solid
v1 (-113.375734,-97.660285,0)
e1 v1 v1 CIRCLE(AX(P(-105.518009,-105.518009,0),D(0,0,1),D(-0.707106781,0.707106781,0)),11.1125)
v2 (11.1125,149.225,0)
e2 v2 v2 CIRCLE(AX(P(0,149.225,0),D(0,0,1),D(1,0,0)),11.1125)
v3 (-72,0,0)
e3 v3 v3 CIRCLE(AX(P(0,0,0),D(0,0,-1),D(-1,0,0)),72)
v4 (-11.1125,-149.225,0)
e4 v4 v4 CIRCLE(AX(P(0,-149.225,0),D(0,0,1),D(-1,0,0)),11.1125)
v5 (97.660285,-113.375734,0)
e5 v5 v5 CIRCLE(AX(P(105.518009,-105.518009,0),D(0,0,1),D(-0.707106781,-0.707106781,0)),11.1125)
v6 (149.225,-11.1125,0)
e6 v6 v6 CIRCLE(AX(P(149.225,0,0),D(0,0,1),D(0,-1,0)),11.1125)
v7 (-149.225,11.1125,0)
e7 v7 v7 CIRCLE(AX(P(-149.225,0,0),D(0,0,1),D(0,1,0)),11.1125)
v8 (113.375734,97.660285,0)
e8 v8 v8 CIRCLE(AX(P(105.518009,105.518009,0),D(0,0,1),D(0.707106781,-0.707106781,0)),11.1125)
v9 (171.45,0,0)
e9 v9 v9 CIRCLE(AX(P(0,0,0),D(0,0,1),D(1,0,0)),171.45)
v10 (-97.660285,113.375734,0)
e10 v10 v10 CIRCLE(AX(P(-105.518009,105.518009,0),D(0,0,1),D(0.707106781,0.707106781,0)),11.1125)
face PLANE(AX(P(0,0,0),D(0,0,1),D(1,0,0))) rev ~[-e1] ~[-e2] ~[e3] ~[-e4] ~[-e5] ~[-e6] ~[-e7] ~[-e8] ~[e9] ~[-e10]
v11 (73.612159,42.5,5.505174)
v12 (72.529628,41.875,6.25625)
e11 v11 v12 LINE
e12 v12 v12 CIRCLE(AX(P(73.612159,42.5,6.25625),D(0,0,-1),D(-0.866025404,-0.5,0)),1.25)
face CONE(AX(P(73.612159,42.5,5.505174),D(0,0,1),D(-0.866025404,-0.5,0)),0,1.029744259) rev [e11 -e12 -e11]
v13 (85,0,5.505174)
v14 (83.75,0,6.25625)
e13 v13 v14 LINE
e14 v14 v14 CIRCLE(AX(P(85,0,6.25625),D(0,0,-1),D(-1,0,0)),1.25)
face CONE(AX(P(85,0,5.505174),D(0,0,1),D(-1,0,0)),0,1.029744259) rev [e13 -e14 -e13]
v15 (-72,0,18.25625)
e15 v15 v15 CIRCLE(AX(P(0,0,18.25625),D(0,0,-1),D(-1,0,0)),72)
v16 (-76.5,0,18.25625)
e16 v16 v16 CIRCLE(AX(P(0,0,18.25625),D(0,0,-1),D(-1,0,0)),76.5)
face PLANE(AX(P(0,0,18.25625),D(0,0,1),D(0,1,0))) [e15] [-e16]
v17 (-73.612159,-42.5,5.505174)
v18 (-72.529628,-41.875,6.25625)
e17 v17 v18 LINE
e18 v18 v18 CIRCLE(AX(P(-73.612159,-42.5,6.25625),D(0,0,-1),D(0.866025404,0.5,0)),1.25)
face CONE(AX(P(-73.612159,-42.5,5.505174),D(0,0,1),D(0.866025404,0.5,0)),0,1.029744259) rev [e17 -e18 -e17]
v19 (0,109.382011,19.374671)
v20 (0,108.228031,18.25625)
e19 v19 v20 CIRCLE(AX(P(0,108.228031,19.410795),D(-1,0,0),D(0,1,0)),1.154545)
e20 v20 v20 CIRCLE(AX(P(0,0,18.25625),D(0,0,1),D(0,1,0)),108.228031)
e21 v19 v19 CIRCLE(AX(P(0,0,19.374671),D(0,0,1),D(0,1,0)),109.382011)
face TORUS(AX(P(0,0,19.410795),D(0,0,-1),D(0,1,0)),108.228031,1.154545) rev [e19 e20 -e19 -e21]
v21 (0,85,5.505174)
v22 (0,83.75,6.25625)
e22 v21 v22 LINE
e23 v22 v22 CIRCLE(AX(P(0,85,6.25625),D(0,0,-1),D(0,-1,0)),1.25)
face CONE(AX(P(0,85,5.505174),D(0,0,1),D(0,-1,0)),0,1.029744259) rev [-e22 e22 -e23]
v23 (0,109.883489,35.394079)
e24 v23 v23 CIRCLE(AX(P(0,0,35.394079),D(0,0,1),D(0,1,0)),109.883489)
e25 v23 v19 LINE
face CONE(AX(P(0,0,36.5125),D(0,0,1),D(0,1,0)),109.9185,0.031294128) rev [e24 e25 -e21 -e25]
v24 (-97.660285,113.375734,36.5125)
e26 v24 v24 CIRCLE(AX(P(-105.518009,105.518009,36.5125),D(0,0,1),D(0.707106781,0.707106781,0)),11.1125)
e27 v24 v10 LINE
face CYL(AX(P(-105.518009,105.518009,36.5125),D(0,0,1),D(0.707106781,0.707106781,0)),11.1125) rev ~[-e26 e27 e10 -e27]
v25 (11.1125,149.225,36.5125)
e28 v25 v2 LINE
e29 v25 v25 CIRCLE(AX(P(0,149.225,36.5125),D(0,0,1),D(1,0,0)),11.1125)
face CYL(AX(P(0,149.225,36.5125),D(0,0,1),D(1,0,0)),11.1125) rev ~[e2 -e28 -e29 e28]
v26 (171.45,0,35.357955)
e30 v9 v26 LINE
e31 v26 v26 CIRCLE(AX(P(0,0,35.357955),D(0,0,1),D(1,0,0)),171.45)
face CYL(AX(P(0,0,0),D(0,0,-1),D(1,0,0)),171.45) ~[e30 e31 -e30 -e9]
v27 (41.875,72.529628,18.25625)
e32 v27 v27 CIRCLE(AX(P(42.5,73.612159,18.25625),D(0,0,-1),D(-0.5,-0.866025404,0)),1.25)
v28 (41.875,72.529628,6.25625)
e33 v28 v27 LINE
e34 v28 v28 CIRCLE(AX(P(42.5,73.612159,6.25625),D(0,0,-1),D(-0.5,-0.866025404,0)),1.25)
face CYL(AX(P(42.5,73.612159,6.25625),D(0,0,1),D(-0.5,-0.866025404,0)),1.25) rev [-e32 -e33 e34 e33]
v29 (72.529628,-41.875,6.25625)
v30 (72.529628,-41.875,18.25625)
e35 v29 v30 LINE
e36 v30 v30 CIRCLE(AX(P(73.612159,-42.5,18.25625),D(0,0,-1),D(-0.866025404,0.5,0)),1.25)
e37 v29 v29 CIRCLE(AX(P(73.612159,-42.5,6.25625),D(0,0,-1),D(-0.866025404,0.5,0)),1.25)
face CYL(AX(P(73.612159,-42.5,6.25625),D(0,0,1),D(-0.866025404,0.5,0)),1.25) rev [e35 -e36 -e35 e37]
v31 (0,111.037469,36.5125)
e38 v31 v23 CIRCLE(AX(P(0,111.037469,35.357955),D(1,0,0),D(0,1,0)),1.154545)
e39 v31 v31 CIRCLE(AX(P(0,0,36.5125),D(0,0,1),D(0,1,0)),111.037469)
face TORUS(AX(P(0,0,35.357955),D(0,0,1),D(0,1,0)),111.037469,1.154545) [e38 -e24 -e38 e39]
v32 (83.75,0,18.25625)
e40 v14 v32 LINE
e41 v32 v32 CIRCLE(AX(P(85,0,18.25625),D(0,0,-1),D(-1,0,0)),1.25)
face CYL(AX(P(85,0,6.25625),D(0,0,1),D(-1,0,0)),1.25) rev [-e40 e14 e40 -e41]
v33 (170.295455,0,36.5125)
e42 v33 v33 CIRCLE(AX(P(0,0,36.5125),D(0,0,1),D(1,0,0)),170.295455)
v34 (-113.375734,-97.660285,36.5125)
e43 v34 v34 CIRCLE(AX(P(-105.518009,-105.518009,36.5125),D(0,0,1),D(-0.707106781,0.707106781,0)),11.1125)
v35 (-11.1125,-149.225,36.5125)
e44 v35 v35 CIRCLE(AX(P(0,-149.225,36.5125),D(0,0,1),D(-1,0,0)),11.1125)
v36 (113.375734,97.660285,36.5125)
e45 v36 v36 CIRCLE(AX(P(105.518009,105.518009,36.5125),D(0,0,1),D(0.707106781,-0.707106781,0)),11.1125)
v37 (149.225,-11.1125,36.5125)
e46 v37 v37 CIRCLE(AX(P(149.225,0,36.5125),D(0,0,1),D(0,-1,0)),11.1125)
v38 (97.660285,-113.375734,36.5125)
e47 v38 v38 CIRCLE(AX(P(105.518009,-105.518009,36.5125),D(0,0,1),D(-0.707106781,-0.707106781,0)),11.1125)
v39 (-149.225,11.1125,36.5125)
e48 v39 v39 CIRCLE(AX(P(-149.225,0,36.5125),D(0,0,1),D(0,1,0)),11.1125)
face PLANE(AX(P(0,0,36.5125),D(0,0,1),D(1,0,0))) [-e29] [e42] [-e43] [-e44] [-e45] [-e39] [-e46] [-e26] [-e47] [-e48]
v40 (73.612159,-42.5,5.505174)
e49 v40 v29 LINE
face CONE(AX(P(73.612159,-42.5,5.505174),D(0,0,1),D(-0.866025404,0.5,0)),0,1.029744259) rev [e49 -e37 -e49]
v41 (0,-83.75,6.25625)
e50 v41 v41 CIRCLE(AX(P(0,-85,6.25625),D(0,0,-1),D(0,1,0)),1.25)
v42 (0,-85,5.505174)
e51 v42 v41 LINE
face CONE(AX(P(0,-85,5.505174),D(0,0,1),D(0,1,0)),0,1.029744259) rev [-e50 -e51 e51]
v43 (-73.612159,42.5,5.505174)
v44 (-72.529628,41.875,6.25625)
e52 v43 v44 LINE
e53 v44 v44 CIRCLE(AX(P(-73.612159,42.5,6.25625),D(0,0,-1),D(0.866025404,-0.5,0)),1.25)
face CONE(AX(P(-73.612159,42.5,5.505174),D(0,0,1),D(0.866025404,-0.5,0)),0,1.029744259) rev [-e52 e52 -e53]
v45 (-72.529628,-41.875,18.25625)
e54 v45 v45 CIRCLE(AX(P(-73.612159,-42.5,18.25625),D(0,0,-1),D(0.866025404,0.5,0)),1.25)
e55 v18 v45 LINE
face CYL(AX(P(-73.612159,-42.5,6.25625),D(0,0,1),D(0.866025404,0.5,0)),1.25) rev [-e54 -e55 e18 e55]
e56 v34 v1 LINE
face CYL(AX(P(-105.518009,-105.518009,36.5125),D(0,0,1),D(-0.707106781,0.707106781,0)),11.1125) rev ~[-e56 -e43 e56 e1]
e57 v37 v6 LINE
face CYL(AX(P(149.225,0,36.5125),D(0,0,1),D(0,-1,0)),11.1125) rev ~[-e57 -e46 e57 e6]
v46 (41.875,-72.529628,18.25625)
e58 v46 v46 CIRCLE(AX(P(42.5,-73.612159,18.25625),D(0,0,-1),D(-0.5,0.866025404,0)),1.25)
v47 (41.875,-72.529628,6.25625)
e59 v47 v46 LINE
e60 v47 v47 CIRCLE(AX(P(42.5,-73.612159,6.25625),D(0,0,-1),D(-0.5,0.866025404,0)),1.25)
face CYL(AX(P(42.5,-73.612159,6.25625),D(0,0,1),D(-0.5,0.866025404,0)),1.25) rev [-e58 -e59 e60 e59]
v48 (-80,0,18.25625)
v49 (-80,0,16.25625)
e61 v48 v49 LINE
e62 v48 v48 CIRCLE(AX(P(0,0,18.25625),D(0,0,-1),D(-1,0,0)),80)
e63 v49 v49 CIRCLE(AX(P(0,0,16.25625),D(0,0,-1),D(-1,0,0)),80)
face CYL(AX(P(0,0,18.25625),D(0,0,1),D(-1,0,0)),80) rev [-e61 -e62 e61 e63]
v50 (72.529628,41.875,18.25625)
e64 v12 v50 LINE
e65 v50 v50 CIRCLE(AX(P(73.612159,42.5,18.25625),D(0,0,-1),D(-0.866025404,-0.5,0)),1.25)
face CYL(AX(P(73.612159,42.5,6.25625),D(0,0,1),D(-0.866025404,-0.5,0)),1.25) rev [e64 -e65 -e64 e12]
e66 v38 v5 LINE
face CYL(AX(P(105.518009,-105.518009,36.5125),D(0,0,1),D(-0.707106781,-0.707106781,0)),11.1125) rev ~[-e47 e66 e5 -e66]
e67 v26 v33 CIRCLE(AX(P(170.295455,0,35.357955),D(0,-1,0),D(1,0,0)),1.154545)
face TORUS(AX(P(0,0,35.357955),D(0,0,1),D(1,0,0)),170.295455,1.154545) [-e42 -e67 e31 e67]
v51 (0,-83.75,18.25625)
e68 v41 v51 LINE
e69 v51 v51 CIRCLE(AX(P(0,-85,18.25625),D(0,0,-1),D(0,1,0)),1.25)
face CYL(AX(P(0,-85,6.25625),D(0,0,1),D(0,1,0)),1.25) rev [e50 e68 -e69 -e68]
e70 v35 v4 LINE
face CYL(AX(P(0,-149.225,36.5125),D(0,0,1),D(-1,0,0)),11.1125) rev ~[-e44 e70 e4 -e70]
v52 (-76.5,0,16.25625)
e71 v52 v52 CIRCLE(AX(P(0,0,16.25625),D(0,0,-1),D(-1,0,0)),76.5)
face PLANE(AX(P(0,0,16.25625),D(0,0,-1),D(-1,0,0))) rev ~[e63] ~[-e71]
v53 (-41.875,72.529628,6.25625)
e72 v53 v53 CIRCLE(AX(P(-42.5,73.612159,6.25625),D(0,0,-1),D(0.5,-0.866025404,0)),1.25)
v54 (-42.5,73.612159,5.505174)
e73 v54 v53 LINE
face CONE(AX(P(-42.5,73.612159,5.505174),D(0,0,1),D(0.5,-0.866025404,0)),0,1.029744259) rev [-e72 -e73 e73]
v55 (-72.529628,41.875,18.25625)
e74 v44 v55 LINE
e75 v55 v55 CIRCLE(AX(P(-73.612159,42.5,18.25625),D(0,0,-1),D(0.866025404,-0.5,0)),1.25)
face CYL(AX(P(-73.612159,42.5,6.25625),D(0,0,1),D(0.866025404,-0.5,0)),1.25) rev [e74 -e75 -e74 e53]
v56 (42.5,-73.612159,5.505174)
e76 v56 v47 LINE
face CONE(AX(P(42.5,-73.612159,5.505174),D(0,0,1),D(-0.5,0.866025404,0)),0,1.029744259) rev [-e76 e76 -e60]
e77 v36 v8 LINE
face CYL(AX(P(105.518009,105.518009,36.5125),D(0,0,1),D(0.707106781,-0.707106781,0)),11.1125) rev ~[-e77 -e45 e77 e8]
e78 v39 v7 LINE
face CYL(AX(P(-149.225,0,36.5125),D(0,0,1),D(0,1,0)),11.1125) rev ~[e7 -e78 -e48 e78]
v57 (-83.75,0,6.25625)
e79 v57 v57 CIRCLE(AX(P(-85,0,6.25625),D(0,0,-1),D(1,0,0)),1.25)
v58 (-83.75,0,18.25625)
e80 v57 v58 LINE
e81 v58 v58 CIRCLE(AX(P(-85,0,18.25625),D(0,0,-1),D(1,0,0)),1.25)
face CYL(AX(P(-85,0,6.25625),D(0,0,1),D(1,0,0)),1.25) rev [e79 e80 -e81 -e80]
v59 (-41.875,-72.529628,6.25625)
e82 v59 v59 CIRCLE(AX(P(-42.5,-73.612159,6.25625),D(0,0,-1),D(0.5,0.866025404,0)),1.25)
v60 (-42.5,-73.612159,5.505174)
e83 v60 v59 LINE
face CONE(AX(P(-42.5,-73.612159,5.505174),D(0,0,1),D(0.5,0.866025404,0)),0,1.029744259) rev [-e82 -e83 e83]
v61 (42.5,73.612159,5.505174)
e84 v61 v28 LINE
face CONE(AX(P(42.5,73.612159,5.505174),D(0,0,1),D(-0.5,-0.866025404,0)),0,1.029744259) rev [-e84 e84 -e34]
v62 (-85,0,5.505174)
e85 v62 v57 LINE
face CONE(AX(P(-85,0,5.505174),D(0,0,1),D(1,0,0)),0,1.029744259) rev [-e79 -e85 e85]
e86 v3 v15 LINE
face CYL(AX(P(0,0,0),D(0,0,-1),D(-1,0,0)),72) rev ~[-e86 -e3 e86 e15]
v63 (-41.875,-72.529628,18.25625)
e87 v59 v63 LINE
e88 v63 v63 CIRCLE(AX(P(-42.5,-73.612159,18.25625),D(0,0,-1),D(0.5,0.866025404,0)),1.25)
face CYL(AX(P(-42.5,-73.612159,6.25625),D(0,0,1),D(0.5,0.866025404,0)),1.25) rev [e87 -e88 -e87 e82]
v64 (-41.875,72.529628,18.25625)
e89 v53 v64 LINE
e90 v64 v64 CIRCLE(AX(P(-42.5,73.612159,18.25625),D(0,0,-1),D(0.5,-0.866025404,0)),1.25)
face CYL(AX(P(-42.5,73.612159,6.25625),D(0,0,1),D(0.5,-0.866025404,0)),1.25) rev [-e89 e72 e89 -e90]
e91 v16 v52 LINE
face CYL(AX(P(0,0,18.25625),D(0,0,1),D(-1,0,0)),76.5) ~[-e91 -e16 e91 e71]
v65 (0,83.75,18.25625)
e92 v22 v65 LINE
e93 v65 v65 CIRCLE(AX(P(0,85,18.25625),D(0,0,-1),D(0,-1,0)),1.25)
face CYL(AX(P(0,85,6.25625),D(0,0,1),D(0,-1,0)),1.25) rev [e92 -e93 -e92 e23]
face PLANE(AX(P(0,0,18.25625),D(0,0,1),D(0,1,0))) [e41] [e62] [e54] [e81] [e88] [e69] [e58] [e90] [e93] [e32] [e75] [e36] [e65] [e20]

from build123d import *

# Parameters (mm, degrees)
SKETCH1_R          = 171.45
EXTRUDE1_DEPTH     = 36.5125
SKETCH2_R          = 11.1125
EXTRUDE2_DEPTH     = 246.20066814
CIRPATTERN1_COUNT  = 8
FILLET1_R          = 1.154545455
SKETCH4_R          = 72
CUT_EXTRUDE1_DEPTH = 120
CIRPATTERN2_COUNT  = 12
SKETCH5_R          = 80
SKETCH5_R_2        = 76.5
CUT_EXTRUDE2_DEPTH = 2


with BuildPart() as part:
    # Sketch1 → Extrude1 (new body)
    with BuildSketch(Plane.XY):
        Circle(SKETCH1_R)
    extrude(amount=EXTRUDE1_DEPTH)

    # Sketch2 → Extrude2 (cut, through all)
    with BuildSketch(Plane.XY.offset(36.5125)):
        with Locations((0, 149.225)):
            Circle(SKETCH2_R)
    extrude2 = extrude(amount=-EXTRUDE2_DEPTH, mode=Mode.SUBTRACT)

    # CirPattern1: Extrude2 ×8 about axis
    cirpattern1_axis = Axis((0, 0, 0), (0, 0, 1))
    for i in range(1, CIRPATTERN1_COUNT):
        add(extrude2.rotate(cirpattern1_axis, i * 360 / CIRPATTERN1_COUNT), mode=Mode.SUBTRACT)

    # Sketch3 → Cut-Revolve1 (revolve, cut)
    with BuildSketch(Plane(origin=(0, 0, 0), x_dir=(0, 0, -1), z_dir=(1, 0, 0))):
        Polygon((-36.5125, 109.9185), (-18.25625, 109.347), (-18.25625, 0), (-36.5125, 0), align=None)
    revolve(axis=Axis((0, 0, 18.25625), (0, 0, 1)), mode=Mode.SUBTRACT)

    # Fillet1
    fillet1_edges = [part.edges().sort_by_distance(p)[0] for p in [
        (0, -109.347, 18.25625),
        (0, -109.9185, 36.5125),
        (-171.45, 0, 36.5125),
    ]]
    fillet(fillet1_edges, radius=FILLET1_R)

    # Sketch4 → Cut-Extrude1 (cut)
    with BuildSketch(Plane(origin=(0, 0, 0), x_dir=(-1, 0, 0), z_dir=(0, 0, -1))):
        Circle(SKETCH4_R)
    extrude(amount=-CUT_EXTRUDE1_DEPTH, mode=Mode.SUBTRACT)

    # Sketch8 → M3x0.5 Tapped Hole1 (revolve, cut)
    with BuildSketch(Plane(origin=(0, 85, 18.25625), x_dir=(0, -1, 0), z_dir=(1, 0, 0))):
        Polygon((0, 0), (0, 12.751075774), (1.25, 12), (1.25, 0), align=None)
    m3x0_5_tapped_hole1 = revolve(axis=Axis((0, 85, 24.60625), (0, 0, -1)), mode=Mode.SUBTRACT)

    # CirPattern2: M3x0.5 Tapped Hole1 ×12 about axis
    cirpattern2_axis = Axis((0, 0, 0), (0, 0, 1))
    for i in range(1, CIRPATTERN2_COUNT):
        add(m3x0_5_tapped_hole1.rotate(cirpattern2_axis, i * 360 / CIRPATTERN2_COUNT), mode=Mode.SUBTRACT)

    # Sketch5 → Cut-Extrude2 (cut)
    with BuildSketch(Plane(origin=(0, 0, 18.25625), x_dir=(-1, 0, 0), z_dir=(0, 0, -1))):
        Circle(SKETCH5_R)
        Circle(SKETCH5_R_2, mode=Mode.SUBTRACT)
    extrude(amount=CUT_EXTRUDE2_DEPTH, mode=Mode.SUBTRACT)


solid = part.part
